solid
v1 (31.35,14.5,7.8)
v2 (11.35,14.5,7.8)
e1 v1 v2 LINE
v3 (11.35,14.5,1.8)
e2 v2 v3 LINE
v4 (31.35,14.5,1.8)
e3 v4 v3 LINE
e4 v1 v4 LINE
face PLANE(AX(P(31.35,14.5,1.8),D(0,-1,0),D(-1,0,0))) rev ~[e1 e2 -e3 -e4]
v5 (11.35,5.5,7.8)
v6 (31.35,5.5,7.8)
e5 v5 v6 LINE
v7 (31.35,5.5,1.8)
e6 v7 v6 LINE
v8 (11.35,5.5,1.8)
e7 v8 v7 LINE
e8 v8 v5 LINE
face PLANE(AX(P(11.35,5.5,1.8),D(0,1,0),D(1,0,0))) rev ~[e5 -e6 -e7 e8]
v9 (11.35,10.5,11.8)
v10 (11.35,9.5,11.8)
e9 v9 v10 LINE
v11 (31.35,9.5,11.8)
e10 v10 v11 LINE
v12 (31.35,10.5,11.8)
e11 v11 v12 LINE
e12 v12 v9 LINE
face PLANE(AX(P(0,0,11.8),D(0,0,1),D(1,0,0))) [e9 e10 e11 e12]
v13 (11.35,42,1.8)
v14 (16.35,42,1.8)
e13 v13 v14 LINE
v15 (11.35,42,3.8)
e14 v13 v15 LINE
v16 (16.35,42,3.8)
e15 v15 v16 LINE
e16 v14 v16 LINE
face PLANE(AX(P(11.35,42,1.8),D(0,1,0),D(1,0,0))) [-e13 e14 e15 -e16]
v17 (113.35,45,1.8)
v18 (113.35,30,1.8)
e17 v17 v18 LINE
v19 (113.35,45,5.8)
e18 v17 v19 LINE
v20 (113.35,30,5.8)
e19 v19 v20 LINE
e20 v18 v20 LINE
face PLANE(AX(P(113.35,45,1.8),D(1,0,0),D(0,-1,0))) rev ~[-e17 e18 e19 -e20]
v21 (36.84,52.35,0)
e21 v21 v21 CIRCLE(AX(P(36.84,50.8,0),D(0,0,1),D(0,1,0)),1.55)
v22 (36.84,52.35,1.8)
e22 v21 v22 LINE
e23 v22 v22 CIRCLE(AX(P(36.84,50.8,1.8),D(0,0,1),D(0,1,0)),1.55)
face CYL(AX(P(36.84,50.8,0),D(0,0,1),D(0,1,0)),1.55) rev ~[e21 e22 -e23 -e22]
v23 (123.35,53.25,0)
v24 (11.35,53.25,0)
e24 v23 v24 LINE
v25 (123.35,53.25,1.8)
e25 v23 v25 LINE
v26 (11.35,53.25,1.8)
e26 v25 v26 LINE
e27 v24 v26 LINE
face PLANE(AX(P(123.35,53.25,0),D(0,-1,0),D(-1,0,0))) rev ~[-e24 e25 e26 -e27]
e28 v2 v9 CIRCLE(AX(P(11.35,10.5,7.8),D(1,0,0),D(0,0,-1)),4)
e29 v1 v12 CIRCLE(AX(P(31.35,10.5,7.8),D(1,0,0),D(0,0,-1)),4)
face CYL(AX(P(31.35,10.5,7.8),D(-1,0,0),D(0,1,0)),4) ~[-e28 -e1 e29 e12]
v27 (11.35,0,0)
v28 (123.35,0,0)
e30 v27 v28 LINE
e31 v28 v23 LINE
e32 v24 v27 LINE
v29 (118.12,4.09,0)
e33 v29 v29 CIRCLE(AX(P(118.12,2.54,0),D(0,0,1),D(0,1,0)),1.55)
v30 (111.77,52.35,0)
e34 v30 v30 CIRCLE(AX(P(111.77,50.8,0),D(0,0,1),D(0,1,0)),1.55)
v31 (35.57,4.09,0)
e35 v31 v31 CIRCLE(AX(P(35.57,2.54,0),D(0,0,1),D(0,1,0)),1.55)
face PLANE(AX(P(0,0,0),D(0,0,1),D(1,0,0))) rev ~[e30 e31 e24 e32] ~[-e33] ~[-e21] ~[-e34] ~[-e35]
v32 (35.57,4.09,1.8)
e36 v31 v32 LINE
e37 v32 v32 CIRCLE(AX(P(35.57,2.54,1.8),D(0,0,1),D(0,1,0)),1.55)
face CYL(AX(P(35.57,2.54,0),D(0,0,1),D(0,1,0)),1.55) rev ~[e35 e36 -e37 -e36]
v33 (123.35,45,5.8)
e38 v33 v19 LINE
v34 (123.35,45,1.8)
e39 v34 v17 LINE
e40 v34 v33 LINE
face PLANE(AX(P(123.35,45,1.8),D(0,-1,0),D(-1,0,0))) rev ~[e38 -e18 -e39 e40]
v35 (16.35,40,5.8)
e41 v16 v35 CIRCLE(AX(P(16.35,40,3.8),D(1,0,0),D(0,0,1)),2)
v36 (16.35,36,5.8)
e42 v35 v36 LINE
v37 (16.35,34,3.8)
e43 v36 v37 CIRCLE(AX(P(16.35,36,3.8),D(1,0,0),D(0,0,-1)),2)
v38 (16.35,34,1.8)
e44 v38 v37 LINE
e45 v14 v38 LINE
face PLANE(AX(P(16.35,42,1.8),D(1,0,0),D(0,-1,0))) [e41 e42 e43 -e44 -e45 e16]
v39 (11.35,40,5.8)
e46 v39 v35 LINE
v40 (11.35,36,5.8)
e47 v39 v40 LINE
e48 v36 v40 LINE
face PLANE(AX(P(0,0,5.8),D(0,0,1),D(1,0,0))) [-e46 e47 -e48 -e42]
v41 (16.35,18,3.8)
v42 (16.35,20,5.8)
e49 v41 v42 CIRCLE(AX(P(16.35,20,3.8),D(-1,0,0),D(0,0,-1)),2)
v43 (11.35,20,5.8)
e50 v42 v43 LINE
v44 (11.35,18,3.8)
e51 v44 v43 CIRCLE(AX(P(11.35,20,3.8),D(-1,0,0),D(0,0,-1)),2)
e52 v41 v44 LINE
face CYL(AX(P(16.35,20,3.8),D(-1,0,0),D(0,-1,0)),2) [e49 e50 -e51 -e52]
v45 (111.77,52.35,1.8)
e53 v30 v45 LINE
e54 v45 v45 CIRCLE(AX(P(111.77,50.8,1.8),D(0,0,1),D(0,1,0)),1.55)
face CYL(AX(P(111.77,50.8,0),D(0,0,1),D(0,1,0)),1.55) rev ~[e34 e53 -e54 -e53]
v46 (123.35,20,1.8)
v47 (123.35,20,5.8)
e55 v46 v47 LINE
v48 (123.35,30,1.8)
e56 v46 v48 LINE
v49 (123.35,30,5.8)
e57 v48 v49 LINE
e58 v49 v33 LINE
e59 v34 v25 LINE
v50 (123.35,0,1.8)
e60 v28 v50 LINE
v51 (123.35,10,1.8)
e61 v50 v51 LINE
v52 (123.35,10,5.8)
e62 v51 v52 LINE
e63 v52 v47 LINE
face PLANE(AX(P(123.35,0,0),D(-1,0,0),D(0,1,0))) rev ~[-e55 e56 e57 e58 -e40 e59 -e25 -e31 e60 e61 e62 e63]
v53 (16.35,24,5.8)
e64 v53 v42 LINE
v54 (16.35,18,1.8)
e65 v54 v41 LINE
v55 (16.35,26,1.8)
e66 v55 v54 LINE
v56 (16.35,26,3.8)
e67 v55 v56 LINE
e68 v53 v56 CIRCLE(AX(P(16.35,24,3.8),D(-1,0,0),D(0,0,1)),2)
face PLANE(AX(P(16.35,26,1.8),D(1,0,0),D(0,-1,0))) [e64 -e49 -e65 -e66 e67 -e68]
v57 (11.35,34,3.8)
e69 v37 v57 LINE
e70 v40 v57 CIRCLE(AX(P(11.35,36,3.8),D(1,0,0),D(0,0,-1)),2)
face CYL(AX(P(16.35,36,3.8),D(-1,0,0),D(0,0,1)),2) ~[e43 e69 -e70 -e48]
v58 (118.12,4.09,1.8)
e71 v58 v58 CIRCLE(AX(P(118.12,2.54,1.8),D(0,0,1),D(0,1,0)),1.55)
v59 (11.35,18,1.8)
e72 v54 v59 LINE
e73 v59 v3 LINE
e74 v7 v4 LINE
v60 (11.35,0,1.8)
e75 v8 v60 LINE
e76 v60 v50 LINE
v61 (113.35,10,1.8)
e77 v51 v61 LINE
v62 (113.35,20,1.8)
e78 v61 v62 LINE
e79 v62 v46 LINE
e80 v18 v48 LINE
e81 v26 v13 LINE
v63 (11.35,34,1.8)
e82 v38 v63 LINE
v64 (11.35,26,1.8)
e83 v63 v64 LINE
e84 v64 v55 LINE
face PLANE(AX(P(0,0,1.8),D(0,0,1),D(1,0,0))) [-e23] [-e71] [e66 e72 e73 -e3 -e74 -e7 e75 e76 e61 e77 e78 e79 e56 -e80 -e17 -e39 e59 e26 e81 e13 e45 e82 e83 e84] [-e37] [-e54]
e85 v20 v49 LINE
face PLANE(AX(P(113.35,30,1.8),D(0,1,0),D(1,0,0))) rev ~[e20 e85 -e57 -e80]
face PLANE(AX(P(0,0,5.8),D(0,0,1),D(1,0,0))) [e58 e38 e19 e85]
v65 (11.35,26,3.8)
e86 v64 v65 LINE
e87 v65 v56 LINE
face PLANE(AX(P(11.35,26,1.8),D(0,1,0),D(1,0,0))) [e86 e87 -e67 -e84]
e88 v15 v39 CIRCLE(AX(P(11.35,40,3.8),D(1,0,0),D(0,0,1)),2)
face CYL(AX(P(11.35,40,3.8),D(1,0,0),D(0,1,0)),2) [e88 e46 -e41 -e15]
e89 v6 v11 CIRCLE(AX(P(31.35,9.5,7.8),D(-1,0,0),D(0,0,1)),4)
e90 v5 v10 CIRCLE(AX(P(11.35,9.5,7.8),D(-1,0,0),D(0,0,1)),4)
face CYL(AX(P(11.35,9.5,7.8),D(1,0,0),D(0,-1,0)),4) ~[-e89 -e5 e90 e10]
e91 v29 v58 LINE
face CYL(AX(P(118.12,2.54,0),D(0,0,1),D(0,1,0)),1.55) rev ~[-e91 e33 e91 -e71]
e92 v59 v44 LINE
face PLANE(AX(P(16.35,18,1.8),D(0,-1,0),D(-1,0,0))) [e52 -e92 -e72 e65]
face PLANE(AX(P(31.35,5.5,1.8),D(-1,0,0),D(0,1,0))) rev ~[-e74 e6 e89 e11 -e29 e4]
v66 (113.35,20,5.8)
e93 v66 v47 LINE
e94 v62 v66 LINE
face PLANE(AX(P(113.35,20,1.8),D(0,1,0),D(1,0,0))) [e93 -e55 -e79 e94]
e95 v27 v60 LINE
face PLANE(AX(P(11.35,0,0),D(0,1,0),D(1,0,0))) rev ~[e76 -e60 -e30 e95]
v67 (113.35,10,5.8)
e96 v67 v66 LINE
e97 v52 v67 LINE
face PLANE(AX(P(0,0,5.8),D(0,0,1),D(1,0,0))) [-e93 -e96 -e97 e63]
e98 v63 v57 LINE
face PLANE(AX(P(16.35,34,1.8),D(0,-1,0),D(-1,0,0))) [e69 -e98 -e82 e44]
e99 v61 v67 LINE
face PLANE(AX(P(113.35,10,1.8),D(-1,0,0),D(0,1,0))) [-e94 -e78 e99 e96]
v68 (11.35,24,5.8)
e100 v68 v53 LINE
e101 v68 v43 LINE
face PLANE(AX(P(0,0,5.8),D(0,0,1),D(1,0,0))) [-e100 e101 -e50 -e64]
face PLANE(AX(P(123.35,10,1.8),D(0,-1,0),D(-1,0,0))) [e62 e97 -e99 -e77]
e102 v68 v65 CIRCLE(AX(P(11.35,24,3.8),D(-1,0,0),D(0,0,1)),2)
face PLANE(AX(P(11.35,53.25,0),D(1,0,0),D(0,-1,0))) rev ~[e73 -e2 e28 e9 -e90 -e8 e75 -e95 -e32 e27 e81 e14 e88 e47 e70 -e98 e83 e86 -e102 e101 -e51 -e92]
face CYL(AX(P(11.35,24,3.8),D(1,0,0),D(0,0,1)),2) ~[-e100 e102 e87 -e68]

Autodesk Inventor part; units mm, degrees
ref_plane "YZ Plane" through (0, 0, 0) normal (1, 0, 0) x (0, 1, 0)
ref_plane "XZ Plane" through (0, 0, 0) normal (0, 1, 0) x (-1, 0, 0)
ref_plane "XY Plane" through (0, 0, 0) normal (0, 0, 1) x (1, 0, 0)
sketch "Sketch1" plane through (0, 0, 0) normal (0, 0, 1) x (1, 0, 0)
  line L0 (11.35, 0) -> (123.35, 0)
  line L1 (123.35, 0) -> (123.35, 53.25)
  line L2 (123.35, 53.25) -> (11.35, 53.25)
  line L3 (11.35, 53.25) -> (11.35, 0)
  line L4 (13.2018, 50.8) -> (120.6255, 50.8) construction
  line L5 (12.1008, 2.54) -> (119.6818, 2.54) construction
  point P0 (0, 0)
  point P1 (0, 0)
  point P2 (36.84, 50.8)
  point P3 (111.77, 50.8)
  point P4 (118.12, 2.54)
  point P5 (35.57, 2.54)
  dimension "d0" = 112
  dimension "d1" = 53.25
  dimension "d2" = 48.26
  dimension "d3" = 2.45
  dimension "d4" = 74.93
  dimension "d5" = 82.55
  dimension "d6" = 6.35
  dimension "d7" = 5.23
  dimension "d38" = 100.42
  dimension "d39" = 1.27
extrude "Extrusion1" add sketch "Sketch1" along normal blind 1.8
hole "Hole1" at (36.84, 50.8, 0) at (111.77, 50.8, 0) at (118.12, 2.54, 0) at (35.57, 2.54, 0) direction (0, 0, 1) diameter 3.1 end through all
sketch "Sketch2" plane through (0, 0, 1.8) normal (0, 0, 1) x (1, 0, 0)
  line L0 (123.35, 0) -> (123.35, 53.25) projected
  line L1 (123.35, 10) -> (113.35, 10)
  line L2 (113.35, 10) -> (113.35, 20)
  line L3 (113.35, 20) -> (123.35, 20)
  line L4 (123.35, 20) -> (123.35, 10)
  line L5 (11.35, 0) -> (123.35, 0) projected
  line L6 (123.35, 45) -> (113.35, 45)
  line L7 (113.35, 45) -> (113.35, 30)
  line L8 (113.35, 30) -> (123.35, 30)
  line L9 (123.35, 30) -> (123.35, 45)
  line L10 (11.35, 53.25) -> (11.35, 0) projected
  line L11 (11.35, 5.5) -> (31.35, 5.5)
  line L12 (31.35, 5.5) -> (31.35, 14.5)
  line L13 (31.35, 14.5) -> (11.35, 14.5)
  line L14 (11.35, 14.5) -> (11.35, 5.5)
  line L15 (11.35, 42) -> (16.35, 42)
  line L16 (16.35, 42) -> (16.35, 34)
  line L17 (16.35, 34) -> (11.35, 34)
  line L18 (11.35, 34) -> (11.35, 42)
  line L19 (11.35, 26) -> (16.35, 26)
  line L20 (16.35, 26) -> (16.35, 18)
  line L21 (16.35, 18) -> (11.35, 18)
  line L22 (11.35, 18) -> (11.35, 26)
  point P0 (0, 0)
  dimension "d17" = 10
  dimension "d18" = 10
  dimension "d19" = 10
  dimension "d20" = 10
  dimension "d21" = 15
  dimension "d22" = 30
  dimension "d23" = 20
  dimension "d24" = 9
  dimension "d25" = 5
  dimension "d26" = 8
  dimension "d27" = 5
  dimension "d28" = 8
  dimension "d29" = 5.5
  dimension "d30" = 18
  dimension "d31" = 34
extrude "Extrusion2" add sketch "Sketch2" along normal blind 4
extrude "Extrusion3" add sketch "Sketch2" along normal blind 10 contours L10 L13 L12 L11
fillet "Fillet1" radius 4 2 edges at (21.35, 14.5, 11.8) (21.35, 5.5, 11.8)
fillet "Fillet2" radius 2 4 edges at (13.85, 26, 5.8) (13.85, 18, 5.8) (13.85, 34, 5.8) (13.85, 42, 5.8)
properties part number "EVAL_ADICUP360"
